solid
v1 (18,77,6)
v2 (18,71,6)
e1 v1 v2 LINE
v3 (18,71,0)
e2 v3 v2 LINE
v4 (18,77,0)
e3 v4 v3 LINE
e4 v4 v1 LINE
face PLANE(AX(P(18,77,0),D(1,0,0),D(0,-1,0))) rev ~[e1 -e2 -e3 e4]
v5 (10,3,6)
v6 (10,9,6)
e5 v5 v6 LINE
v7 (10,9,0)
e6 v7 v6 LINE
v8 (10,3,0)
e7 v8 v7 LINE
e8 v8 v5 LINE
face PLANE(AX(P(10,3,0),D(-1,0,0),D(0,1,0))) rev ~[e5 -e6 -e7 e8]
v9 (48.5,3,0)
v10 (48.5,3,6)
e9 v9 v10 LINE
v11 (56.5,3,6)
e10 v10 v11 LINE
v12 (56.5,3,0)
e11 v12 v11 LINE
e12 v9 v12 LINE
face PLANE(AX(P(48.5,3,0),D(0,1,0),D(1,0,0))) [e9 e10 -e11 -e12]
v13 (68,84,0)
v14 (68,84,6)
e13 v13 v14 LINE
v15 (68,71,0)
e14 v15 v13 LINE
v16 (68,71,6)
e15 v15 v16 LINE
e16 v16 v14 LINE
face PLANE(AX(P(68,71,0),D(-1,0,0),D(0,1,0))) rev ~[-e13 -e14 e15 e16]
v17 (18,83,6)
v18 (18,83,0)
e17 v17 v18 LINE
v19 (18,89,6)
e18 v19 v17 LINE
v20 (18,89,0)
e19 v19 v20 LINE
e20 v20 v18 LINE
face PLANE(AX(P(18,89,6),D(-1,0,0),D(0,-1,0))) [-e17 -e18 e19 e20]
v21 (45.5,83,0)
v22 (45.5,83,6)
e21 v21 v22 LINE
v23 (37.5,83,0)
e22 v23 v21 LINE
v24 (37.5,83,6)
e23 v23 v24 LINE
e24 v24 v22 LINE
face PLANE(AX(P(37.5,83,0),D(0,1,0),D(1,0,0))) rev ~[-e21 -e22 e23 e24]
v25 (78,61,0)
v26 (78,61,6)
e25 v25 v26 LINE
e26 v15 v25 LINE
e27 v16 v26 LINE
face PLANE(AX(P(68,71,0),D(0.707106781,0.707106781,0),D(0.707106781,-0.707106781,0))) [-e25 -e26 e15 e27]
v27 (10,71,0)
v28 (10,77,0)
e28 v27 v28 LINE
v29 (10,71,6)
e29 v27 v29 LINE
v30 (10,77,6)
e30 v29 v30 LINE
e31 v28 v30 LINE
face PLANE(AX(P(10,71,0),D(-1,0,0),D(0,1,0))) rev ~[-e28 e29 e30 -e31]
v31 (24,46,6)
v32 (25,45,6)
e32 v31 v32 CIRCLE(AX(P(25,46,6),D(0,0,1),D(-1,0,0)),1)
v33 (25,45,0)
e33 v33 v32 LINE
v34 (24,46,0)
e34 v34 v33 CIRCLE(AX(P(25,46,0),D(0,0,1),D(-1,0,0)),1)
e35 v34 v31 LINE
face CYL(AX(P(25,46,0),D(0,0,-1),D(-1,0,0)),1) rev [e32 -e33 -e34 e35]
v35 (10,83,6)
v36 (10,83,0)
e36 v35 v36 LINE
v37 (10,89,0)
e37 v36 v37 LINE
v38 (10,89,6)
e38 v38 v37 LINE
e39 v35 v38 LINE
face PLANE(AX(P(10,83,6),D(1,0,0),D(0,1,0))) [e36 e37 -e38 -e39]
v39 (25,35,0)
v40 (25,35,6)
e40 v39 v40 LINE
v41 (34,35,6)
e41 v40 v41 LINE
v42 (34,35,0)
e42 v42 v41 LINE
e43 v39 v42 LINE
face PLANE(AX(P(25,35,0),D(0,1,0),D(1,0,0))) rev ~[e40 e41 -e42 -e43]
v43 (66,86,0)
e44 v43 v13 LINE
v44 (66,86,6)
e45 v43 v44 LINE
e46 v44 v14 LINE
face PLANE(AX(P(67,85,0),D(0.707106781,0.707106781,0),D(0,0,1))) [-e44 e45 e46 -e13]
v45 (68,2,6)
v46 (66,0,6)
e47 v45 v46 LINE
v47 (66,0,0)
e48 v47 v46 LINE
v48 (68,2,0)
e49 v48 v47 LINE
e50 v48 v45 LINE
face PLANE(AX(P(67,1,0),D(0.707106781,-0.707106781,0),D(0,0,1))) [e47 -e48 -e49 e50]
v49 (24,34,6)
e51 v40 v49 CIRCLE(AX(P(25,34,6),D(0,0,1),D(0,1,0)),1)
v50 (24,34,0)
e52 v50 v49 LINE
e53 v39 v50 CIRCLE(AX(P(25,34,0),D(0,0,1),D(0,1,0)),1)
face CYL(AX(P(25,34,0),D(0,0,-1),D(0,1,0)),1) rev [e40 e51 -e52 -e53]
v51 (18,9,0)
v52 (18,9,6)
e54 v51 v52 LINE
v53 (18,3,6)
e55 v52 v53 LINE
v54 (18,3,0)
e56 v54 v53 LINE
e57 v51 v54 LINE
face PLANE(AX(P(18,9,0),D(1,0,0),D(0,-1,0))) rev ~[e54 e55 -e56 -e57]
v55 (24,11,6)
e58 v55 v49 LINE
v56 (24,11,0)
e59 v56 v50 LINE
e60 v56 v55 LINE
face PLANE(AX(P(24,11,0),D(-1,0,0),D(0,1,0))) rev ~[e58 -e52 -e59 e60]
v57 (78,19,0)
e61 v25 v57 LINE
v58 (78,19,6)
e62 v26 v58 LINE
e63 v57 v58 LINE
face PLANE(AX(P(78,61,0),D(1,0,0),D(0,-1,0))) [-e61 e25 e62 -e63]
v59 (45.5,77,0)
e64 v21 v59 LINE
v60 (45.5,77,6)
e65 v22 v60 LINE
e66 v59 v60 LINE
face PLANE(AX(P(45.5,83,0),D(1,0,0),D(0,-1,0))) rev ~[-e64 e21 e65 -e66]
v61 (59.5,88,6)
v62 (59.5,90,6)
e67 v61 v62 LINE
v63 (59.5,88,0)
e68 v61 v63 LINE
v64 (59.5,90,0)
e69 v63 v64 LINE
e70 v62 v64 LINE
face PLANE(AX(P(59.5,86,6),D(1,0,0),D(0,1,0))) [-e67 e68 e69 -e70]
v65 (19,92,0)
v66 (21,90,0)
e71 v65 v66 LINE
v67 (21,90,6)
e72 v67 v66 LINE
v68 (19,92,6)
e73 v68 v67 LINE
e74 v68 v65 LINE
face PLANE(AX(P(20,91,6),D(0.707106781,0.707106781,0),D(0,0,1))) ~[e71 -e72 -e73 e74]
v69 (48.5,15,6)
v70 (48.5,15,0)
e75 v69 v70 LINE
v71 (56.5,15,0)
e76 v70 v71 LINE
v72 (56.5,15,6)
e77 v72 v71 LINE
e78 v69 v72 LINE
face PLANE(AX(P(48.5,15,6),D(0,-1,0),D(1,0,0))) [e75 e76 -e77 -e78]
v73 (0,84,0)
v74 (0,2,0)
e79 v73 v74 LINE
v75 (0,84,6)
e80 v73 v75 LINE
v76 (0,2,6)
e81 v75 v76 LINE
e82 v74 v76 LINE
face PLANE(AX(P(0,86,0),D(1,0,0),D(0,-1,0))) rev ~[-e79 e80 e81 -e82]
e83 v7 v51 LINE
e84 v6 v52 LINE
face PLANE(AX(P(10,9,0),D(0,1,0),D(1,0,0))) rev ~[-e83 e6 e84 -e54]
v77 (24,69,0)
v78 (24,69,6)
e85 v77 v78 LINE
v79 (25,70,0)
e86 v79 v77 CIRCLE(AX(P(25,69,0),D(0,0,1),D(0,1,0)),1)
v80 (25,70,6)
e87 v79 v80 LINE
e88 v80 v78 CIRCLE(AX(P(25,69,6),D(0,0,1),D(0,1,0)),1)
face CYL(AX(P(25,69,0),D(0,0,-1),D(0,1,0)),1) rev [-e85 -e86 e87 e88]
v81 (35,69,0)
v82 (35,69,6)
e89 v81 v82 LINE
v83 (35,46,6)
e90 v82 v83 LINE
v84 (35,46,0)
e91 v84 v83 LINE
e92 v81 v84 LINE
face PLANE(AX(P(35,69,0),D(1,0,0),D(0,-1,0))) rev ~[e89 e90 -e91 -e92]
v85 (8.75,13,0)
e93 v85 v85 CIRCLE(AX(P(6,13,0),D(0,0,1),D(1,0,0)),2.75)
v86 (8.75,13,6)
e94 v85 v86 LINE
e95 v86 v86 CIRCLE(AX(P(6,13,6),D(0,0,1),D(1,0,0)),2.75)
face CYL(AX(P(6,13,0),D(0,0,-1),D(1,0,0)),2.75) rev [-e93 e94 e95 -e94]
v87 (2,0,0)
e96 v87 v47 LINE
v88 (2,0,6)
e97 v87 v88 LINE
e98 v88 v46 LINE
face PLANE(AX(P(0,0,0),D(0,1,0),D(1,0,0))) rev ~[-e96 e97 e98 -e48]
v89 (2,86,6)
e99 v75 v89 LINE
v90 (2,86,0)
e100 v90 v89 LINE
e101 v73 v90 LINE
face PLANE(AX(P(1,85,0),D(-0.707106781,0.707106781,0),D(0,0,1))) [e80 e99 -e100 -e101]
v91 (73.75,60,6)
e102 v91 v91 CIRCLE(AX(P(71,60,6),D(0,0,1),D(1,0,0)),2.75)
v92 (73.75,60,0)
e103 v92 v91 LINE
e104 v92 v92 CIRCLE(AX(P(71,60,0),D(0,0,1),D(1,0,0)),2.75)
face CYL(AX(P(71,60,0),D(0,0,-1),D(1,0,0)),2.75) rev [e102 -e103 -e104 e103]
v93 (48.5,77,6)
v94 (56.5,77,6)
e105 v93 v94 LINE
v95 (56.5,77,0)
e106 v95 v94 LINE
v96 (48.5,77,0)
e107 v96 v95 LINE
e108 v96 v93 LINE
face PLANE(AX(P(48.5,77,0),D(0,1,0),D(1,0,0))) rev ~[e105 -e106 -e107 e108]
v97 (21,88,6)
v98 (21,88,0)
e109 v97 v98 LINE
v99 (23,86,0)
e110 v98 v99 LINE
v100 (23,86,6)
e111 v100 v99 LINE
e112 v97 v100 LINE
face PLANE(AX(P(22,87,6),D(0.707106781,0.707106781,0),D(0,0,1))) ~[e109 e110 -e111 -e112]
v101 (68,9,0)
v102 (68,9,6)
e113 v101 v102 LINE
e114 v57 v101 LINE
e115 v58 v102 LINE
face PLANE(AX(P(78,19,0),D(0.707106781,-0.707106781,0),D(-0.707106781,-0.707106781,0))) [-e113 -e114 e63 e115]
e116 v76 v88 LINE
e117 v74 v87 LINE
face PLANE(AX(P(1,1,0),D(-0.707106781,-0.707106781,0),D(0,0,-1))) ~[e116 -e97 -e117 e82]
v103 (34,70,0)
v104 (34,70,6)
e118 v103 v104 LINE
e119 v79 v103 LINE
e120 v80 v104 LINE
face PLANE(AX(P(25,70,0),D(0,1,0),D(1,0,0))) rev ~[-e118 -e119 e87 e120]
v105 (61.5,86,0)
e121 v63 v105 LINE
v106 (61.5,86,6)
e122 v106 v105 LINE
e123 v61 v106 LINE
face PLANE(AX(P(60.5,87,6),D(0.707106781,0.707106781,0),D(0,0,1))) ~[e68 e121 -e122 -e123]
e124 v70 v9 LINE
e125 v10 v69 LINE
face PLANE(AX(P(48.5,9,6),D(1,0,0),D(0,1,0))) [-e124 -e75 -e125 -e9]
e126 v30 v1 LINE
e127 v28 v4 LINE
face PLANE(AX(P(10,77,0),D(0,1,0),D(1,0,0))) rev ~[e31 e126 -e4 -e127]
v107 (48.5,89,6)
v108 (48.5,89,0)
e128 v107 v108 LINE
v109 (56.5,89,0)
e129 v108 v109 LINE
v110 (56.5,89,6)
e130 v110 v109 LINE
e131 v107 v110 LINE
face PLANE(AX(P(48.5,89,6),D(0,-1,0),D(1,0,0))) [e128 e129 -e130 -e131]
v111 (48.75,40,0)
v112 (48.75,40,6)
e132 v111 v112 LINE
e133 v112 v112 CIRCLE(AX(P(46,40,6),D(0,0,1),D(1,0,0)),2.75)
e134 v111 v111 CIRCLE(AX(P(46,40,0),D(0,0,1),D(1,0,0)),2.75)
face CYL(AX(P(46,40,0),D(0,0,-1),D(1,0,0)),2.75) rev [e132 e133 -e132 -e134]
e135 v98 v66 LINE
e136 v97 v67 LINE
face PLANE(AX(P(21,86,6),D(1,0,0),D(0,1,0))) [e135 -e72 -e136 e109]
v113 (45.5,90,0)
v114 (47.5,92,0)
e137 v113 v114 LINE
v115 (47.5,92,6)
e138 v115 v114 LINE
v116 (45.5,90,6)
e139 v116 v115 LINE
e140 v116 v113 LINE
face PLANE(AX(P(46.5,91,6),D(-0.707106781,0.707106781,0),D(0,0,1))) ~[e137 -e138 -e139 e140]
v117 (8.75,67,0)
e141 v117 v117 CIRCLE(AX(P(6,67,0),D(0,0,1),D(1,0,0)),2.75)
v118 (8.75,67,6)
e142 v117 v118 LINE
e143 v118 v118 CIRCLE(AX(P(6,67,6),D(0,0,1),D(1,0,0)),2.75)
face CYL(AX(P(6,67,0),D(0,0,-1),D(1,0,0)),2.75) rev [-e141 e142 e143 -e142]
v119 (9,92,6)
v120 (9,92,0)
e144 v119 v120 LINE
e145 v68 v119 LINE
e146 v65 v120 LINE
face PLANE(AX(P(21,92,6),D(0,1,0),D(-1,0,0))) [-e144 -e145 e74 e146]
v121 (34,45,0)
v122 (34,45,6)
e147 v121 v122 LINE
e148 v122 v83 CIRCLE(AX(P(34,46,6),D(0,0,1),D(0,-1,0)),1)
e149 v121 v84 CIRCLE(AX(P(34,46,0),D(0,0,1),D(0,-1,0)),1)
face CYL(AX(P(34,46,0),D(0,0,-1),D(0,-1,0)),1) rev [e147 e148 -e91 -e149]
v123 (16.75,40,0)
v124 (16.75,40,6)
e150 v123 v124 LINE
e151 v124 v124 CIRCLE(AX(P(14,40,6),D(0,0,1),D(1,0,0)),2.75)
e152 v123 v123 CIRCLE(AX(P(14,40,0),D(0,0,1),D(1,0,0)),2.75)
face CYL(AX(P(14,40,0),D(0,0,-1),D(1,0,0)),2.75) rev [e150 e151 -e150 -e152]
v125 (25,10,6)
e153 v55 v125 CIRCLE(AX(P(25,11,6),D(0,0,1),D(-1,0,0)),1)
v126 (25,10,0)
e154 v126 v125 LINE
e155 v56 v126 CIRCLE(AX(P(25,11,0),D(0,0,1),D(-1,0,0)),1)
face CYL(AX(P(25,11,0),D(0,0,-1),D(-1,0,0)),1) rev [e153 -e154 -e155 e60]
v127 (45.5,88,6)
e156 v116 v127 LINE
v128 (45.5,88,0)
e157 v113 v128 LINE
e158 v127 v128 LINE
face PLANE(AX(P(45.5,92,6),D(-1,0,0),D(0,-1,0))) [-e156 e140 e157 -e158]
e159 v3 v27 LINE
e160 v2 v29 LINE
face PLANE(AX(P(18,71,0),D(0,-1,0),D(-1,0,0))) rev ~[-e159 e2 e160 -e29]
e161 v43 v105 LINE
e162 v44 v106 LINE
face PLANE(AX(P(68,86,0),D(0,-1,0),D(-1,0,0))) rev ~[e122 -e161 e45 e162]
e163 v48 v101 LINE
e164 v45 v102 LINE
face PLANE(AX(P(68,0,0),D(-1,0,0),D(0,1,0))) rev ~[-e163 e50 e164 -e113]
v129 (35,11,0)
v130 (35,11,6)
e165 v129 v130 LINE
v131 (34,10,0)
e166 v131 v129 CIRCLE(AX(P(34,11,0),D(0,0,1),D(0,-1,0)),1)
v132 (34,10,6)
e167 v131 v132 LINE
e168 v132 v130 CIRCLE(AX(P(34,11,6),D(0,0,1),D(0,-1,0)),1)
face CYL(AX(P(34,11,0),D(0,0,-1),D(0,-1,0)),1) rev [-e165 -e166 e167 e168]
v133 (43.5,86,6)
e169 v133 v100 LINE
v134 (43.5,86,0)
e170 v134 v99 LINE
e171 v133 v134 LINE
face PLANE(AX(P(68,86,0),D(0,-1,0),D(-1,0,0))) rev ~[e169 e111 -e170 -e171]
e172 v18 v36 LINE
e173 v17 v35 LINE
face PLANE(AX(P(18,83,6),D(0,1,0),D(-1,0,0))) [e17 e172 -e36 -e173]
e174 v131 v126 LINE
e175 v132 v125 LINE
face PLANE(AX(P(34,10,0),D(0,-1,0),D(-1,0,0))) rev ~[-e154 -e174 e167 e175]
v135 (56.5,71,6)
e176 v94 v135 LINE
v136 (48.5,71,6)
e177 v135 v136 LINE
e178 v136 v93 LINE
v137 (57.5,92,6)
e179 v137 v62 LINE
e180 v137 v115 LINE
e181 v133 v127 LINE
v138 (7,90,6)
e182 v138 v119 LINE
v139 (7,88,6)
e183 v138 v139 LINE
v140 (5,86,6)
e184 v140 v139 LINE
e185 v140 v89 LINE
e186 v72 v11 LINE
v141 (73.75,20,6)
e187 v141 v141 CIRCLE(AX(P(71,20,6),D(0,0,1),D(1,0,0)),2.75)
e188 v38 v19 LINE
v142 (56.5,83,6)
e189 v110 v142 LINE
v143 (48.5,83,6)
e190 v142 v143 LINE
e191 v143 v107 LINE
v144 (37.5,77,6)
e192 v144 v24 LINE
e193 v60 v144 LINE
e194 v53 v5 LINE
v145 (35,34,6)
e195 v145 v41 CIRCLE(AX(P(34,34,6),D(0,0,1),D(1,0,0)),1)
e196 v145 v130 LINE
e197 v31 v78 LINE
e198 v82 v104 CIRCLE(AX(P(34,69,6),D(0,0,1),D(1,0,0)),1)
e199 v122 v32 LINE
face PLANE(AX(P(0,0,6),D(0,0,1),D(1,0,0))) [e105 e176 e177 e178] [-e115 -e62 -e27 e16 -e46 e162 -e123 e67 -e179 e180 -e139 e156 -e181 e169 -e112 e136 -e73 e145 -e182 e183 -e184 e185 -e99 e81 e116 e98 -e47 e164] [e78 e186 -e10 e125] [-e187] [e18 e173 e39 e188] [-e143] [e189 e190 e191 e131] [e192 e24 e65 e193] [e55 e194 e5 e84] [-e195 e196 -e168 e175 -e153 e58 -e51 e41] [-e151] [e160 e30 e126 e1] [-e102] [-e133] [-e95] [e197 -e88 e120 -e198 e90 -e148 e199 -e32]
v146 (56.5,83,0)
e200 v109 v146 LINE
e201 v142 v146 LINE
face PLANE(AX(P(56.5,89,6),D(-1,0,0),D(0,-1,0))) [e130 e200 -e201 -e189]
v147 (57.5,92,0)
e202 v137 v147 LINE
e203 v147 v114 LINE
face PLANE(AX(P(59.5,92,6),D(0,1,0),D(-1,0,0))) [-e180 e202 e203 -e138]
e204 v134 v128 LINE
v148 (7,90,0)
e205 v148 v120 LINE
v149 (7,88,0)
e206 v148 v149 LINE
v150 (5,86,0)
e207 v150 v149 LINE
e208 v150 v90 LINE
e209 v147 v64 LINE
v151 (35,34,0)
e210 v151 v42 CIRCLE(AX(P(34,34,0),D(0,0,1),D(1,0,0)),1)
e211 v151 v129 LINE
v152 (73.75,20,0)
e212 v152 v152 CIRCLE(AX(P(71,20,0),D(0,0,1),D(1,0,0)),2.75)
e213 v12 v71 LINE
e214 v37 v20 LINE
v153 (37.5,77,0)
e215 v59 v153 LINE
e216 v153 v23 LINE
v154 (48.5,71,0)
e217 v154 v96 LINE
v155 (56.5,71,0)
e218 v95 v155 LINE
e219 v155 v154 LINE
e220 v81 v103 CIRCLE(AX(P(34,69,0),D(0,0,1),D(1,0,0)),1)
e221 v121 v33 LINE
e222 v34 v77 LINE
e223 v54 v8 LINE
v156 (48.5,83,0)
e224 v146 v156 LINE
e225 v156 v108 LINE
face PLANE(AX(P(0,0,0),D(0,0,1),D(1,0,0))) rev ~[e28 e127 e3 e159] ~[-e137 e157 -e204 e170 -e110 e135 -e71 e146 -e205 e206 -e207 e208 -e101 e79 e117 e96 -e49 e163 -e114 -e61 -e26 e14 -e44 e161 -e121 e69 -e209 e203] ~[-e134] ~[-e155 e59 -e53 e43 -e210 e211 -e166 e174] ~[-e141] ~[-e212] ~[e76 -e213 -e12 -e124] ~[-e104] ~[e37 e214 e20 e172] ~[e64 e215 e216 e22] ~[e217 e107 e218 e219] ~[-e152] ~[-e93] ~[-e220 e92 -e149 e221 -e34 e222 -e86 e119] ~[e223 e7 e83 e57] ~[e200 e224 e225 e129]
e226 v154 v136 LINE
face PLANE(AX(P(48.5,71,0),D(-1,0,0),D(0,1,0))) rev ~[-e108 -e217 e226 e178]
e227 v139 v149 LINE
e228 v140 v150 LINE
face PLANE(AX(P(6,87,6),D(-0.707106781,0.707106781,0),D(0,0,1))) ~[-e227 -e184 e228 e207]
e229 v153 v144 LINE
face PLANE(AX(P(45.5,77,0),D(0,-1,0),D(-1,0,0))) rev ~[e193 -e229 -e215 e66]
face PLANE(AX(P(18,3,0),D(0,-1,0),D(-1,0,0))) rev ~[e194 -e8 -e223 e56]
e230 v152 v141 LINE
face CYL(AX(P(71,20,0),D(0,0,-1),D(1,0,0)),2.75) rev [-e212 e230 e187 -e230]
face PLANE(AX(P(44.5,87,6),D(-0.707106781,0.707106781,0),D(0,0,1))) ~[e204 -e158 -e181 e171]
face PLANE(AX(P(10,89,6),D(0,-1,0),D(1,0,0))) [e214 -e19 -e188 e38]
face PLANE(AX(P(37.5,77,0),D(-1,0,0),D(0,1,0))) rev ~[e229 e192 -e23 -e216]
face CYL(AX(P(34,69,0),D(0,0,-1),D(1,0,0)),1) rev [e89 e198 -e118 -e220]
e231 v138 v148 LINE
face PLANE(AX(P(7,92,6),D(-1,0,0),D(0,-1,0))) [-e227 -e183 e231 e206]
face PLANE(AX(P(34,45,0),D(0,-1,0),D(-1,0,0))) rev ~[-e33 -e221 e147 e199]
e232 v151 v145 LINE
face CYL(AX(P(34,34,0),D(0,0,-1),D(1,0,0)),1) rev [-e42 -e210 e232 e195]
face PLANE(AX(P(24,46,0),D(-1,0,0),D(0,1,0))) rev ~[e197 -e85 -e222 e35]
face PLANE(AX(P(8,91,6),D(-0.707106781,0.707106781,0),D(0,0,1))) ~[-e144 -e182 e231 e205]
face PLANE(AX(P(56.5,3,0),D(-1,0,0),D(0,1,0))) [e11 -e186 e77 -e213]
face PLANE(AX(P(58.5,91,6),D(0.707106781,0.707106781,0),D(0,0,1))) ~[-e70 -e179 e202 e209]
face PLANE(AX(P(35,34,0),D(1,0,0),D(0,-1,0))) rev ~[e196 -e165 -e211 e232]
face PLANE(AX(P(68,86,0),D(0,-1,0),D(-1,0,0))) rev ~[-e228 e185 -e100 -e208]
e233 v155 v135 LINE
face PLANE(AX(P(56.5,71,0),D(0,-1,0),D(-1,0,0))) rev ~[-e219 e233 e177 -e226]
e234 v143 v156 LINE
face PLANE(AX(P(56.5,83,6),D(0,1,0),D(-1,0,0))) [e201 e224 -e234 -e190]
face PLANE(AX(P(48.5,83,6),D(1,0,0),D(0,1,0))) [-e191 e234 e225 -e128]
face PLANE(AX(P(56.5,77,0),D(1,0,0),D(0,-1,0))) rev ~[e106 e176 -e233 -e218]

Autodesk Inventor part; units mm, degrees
ref_plane "YZ Plane" through (0, 0, 0) normal (1, 0, 0) x (0, 1, 0)
ref_plane "XZ Plane" through (0, 0, 0) normal (0, 1, 0) x (-1, 0, 0)
ref_plane "XY Plane" through (0, 0, 0) normal (0, 0, 1) x (1, 0, 0)
sketch "Sketch1" plane through (0, 0, 0) normal (0, 0, 1) x (1, 0, 0)
  line L0 (0, 0) -> (68, 0)
  line L1 (68, 86) -> (0, 86)
  line L2 (0, 86) -> (0, 0)
  line L3 (68, 71) -> (78, 61)
  line L4 (78, 61) -> (78, 19)
  line L5 (78, 19) -> (68, 9)
  line L6 (68, 0) -> (68, 9)
  line L7 (68, 71) -> (68, 86)
  line L8 (37.5, 83) -> (45.5, 83)
  line L9 (45.5, 83) -> (45.5, 77)
  line L10 (45.5, 77) -> (37.5, 77)
  line L11 (37.5, 77) -> (37.5, 83)
  line L12 (10, 77) -> (18, 77)
  line L13 (18, 77) -> (18, 71)
  line L14 (18, 71) -> (10, 71)
  line L15 (10, 71) -> (10, 77)
  line L16 (10, 9) -> (18, 9)
  line L17 (18, 9) -> (18, 3)
  line L18 (18, 3) -> (10, 3)
  line L19 (10, 3) -> (10, 9)
  line L20 (25, 70) -> (34, 70)
  line L21 (35, 69) -> (35, 46)
  line L22 (34, 45) -> (25, 45)
  line L23 (24, 46) -> (24, 69)
  line L24 (25, 35) -> (34, 35)
  line L25 (35, 34) -> (35, 11)
  line L26 (34, 10) -> (25, 10)
  line L27 (24, 11) -> (24, 34)
  arc A0 (25, 70) -> (24, 69) centre (25, 69) ccw
  arc A1 (35, 69) -> (34, 70) centre (34, 69) ccw
  arc A2 (34, 45) -> (35, 46) centre (34, 46) ccw
  arc A3 (24, 46) -> (25, 45) centre (25, 46) ccw
  arc A4 (25, 35) -> (24, 34) centre (25, 34) ccw
  arc A5 (24, 11) -> (25, 10) centre (25, 11) ccw
  arc A6 (34, 10) -> (35, 11) centre (34, 11) ccw
  arc A7 (35, 34) -> (34, 35) centre (34, 34) ccw
  line L28 (29.5, 70) -> (29.5, 10) construction
  circle A8 centre (71, 60) radius 2.75
  circle A9 centre (71, 20) radius 2.75
  line L29 (48.5, 3) -> (56.5, 3)
  line L30 (56.5, 3) -> (56.5, 9)
  line L31 (56.5, 9) -> (48.5, 9)
  line L32 (48.5, 9) -> (48.5, 3)
  circle A10 centre (6, 13) radius 5 construction
  circle A11 centre (6, 13) radius 2.75
  circle A12 centre (6, 67) radius 5 construction
  circle A13 centre (6, 67) radius 2.75
  line L33 (48.5, 77) -> (56.5, 77)
  line L34 (56.5, 77) -> (56.5, 71)
  line L35 (56.5, 71) -> (48.5, 71)
  line L36 (48.5, 71) -> (48.5, 77)
  line L37 (21, 83) -> (29, 83)
  line L38 (29, 83) -> (29, 77)
  line L39 (29, 77) -> (21, 77)
  line L40 (21, 77) -> (21, 83)
  circle A14 centre (71, 60) radius 5 construction
  circle A15 centre (71, 20) radius 5 construction
  circle A16 centre (14, 40) radius 5 construction
  circle A17 centre (46, 40) radius 5 construction
  circle A18 centre (46, 40) radius 2.75
  circle A19 centre (14, 40) radius 2.75
  line L41 (50, 86) -> (50, 0) construction
  line L42 (55, 86) -> (55, 0) construction
  line L43 (52.5, 86) -> (52.5, 0) construction
  point P0 (78, 40)
  dimension "d1" = 45
  dimension "d2" = 10
  dimension "d3" = 6
  dimension "d4" = 6
  dimension "d5" = 8
  dimension "d6" = 8
  dimension "d7" = 3
  dimension "d8" = 6
  dimension "d9" = 3
  dimension "d12" = 1
  dimension "d13" = 11
  dimension "d14" = 25
  dimension "d15" = 25
  dimension "d16" = 1
  dimension "d17" = 1
  dimension "d18" = 38.5
  dimension "d19" = 5.5
  dimension "d20" = 5.5
  dimension "d21" = 7
  dimension "d23" = 6
  dimension "d24" = 8
  dimension "d25" = 11
  dimension "d26" = 11
  dimension "d27" = 10
  dimension "d28" = 5.5
  dimension "d29" = 5.5
  dimension "d30" = 10
  dimension "d32" = 4
  dimension "d33" = 4
  dimension "d34" = 4
  dimension "d35" = 6
  dimension "d36" = 68
  dimension "d37" = 11.5
  dimension "d38" = 3
  dimension "d39" = 8
  dimension "d40" = 3
  dimension "d41" = 10
  dimension "d42" = 10
  dimension "d43" = 4
  dimension "d44" = 10
  dimension "d45" = 5.5
  dimension "d46" = 10
  dimension "d47" = 5.5
  dimension "d49" = 14
  dimension "d50" = 32
  dimension "d51" = 5
  dimension "d52" = 2.5
  dimension "d53" = 15.5
  dimension "d69" = 86
extrude "Extrusion1" add sketch "Sketch1" along normal blind 6
chamfer "Chamfer1" distance 2 angle 45 4 edges at (0, 0, 3) (68, 0, 3) (68, 86, 3) (0, 86, 3)
sketch "Sketch2" plane through (0, 0, 6) normal (0, 0, 1) x (1, 0, 0)
  line L0 (48.5, 9) -> (56.5, 9) projected
  line L1 (68, 2) -> (68, 9) projected
  line L2 (48.5, 15) -> (56.5, 15)
  line L3 (56.5, 15) -> (56.5, 9)
  line L4 (56.5, 9) -> (48.5, 9)
  line L5 (48.5, 9) -> (48.5, 15)
  point P0 (0, 0)
  dimension "d59" = 6
  dimension "d60" = 8
  dimension "d63" = 11.5
extrude "Extrusion2" cut sketch "Sketch2" against normal through all
sketch "Sketch3" plane through (0, 0, 6) normal (0, 0, 1) x (1, 0, 0)
  line L0 (29, 83) -> (29, 77) projected
  line L1 (29, 77) -> (21, 77) projected
  line L2 (21, 77) -> (21, 83) projected
  line L3 (21, 83) -> (29, 83) projected
  point P0 (0, 0)
extrude "Extrusion3" add sketch "Sketch3" against normal blind 6
sketch "Sketch6" plane through (0, 0, 6) normal (0, 0, 1) x (1, 0, 0)
  line L0 (56.5, 77) -> (56.5, 71) projected
  line L1 (48.5, 71) -> (48.5, 77) projected
  line L2 (18, 77) -> (18, 71) projected
  line L3 (10, 71) -> (10, 77) projected
  line L4 (66, 86) -> (2, 86) projected
  line L5 (7, 86) -> (21, 86)
  line L6 (21, 86) -> (21, 92)
  line L7 (21, 92) -> (7, 92)
  line L8 (7, 92) -> (7, 86)
  line L9 (45.5, 86) -> (59.5, 86)
  line L10 (59.5, 86) -> (59.5, 92)
  line L11 (59.5, 92) -> (45.5, 92)
  line L12 (45.5, 92) -> (45.5, 86)
  point P0 (0, 0)
  dimension "d80" = 3
  dimension "d81" = 3
  dimension "d82" = 3
  dimension "d83" = 3
  dimension "d84" = 6
extrude "Extrusion6" add sketch "Sketch6" against normal blind 6
sketch "Sketch7" plane through (0, 0, 6) normal (0, 0, 1) x (1, 0, 0)
  line L0 (56.5, 77) -> (56.5, 71) projected
  line L1 (48.5, 71) -> (48.5, 77) projected
  line L2 (18, 77) -> (18, 71) projected
  line L3 (10, 71) -> (10, 77) projected
  line L4 (45.5, 83) -> (45.5, 77) projected
  line L5 (37.5, 77) -> (37.5, 83) projected
  line L6 (37.5, 83) -> (45.5, 83) projected
  line L7 (10, 89) -> (18, 89)
  line L8 (18, 89) -> (18, 83)
  line L9 (18, 83) -> (10, 83)
  line L10 (10, 83) -> (10, 89)
  line L11 (48.5, 89) -> (56.5, 89)
  line L12 (56.5, 89) -> (56.5, 83)
  line L13 (56.5, 83) -> (48.5, 83)
  line L14 (48.5, 83) -> (48.5, 89)
  point P0 (0, 0)
extrude "Extrusion7" cut sketch "Sketch7" against normal blind 6
chamfer "Chamfer3" distance 2 angle 45 8 edges at (7, 86, 3) (7, 92, 3) (21, 92, 3) (21, 86, 3) (45.5, 86, 3) (45.5, 92, 3) (59.5, 92, 3) (59.5, 86, 3)
properties part number "x_motor_top"
